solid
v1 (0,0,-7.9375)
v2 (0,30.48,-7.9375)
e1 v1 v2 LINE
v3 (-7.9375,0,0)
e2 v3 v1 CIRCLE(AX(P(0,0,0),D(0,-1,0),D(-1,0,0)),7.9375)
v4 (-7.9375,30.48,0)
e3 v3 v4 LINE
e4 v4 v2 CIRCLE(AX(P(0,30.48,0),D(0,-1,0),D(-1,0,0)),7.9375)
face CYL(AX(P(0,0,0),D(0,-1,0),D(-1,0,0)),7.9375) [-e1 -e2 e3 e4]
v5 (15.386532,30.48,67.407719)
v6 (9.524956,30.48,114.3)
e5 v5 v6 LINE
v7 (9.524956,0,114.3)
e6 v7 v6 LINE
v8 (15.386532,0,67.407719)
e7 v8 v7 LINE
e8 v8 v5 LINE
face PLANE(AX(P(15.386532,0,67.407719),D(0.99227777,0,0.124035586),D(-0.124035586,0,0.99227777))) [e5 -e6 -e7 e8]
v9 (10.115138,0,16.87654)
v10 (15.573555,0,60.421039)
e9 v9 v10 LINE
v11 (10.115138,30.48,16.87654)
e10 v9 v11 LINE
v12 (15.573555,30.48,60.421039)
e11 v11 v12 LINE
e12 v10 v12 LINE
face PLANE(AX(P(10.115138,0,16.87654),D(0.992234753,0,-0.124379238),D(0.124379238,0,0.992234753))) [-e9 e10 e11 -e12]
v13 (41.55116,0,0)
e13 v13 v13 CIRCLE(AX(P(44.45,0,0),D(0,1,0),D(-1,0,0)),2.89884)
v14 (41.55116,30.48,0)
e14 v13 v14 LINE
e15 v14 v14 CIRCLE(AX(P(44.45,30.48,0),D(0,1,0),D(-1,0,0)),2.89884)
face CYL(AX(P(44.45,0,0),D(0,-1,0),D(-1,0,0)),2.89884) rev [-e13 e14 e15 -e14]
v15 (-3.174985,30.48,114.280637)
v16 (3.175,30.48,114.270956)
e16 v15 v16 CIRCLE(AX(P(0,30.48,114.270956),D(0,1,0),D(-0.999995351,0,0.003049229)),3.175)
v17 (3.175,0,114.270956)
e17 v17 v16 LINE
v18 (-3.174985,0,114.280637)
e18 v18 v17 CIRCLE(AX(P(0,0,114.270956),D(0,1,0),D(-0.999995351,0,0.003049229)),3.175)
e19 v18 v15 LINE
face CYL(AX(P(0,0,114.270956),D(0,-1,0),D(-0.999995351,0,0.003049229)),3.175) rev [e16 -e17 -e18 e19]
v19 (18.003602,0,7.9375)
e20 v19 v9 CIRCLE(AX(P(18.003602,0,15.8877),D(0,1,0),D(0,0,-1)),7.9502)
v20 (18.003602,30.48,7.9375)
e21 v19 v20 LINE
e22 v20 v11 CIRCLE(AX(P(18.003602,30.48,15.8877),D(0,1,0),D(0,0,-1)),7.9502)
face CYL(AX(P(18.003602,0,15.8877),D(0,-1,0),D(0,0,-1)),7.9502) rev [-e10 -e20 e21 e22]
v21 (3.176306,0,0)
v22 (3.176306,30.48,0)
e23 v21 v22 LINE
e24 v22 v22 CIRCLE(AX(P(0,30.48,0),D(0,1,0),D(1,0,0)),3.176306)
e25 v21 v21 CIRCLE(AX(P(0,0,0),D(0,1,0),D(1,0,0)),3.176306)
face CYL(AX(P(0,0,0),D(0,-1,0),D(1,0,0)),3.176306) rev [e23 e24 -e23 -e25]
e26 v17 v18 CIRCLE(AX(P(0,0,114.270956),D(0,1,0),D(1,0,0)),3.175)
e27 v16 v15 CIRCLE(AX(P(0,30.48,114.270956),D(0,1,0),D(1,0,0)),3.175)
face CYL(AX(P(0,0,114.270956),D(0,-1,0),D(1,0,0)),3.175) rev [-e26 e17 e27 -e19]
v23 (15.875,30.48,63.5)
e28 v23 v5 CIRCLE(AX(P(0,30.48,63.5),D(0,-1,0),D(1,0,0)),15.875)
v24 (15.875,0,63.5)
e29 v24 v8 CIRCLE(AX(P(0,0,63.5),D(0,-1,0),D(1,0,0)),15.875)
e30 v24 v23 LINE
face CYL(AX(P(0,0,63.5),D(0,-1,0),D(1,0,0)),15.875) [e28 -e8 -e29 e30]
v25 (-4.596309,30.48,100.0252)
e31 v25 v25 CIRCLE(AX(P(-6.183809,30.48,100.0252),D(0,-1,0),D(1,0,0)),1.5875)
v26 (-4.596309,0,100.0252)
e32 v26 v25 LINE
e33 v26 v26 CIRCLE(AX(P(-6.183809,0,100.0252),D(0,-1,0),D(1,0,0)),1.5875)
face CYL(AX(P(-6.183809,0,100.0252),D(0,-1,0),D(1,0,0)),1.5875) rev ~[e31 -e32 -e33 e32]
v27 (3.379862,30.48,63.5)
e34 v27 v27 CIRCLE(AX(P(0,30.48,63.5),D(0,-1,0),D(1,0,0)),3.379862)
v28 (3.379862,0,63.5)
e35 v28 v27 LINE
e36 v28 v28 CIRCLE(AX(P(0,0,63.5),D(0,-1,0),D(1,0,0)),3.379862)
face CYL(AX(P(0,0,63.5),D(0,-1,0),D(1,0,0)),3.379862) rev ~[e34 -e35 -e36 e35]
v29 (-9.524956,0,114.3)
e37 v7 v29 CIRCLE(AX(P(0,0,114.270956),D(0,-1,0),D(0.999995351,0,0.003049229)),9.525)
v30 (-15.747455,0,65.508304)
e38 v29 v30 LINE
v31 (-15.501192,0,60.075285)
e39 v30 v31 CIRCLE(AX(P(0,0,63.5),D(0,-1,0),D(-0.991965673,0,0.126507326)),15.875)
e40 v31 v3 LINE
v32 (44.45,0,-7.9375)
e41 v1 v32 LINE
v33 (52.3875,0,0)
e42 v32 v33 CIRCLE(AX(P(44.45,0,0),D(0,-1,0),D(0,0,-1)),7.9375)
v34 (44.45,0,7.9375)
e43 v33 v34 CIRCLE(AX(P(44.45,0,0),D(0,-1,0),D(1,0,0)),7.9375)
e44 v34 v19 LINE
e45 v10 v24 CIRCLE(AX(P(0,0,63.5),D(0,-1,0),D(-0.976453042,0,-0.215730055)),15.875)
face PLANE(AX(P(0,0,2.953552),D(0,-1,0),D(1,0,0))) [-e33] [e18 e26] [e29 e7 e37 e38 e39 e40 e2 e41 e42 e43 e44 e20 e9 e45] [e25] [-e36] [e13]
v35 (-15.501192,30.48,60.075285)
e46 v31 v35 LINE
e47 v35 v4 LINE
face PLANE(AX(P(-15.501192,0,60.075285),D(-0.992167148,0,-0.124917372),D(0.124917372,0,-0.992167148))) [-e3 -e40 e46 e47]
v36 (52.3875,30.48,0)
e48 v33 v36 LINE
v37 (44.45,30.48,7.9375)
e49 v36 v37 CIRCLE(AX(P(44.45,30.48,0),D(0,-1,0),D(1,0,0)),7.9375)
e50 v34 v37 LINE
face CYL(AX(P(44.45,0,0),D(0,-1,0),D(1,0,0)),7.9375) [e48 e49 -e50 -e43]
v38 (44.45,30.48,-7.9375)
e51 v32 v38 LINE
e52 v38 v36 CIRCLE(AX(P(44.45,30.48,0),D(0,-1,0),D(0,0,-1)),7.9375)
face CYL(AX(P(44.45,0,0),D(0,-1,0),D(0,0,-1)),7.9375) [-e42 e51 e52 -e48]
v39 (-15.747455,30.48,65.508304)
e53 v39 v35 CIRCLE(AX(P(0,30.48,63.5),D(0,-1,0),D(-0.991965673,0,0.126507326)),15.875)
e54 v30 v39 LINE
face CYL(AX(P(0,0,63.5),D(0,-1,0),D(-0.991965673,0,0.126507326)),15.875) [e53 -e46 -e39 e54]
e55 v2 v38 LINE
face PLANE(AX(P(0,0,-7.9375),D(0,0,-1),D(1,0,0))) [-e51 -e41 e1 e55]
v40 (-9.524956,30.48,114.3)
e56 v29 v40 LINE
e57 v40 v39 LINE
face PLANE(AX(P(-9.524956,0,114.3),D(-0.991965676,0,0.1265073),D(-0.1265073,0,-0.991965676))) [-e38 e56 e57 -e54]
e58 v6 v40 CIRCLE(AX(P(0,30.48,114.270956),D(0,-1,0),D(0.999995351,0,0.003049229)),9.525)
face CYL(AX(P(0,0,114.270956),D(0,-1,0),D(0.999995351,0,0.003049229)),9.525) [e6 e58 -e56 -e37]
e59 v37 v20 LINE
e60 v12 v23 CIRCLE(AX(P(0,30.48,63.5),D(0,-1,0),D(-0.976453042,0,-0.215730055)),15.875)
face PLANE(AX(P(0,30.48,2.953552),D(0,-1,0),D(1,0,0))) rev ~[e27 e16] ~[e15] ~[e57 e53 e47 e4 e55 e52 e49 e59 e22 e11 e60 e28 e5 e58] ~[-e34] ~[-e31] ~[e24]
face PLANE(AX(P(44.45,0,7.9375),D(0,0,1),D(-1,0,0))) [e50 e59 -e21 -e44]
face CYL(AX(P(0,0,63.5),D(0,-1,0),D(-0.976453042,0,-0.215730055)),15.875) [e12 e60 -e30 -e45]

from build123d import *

# Parameters (mm, degrees)
F0_R     = 3.3798618289
F0_R_2   = 1.5875
F1_DEPTH = 30.48


with BuildPart() as f1:
    # F0 (on Front) → F1 (new body)
    with BuildSketch(Plane.XZ):
        with BuildLine():
            ThreePointArc((-3.1763056217, 0), (0, 3.1763056217), (3.1763056217, 0))
            Line((3.1763056217, 0), (7.9375, 0))
            ThreePointArc((7.9375, 0), (0, 7.9375), (-7.9375, 0))
            Line((-7.9375, 0), (-3.1763056217, 0))
        make_face()
        with BuildLine():
            Line((7.9375, 0), (3.1763056217, 0))
            ThreePointArc((3.1763056217, 0), (0, -3.1763056217), (-3.1763056217, 0))
            Line((-3.1763056217, 0), (-7.9375, 0))
            ThreePointArc((-7.9375, 0), (-5.6126600757, -5.6126600757), (0, -7.9375))
            ThreePointArc((0, -7.9375), (5.6126600757, -5.6126600757), (7.9375, 0))
        make_face()
        with BuildLine():
            ThreePointArc((-7.9375, 0), (0, 7.9375), (7.9375, 0))
            Line((7.9375, 0), (36.5125, 0))
            ThreePointArc((36.5125, 0), (38.8373399243, 5.6126600757), (44.45, 7.9375))
            Line((44.45, 7.9375), (18.003602441, 7.9375))
            ThreePointArc((18.003602441, 7.9375), (12.0425977283, 10.6272719893), (10.1151377075, 16.876539819))
            Line((10.1151377075, 16.876539819), (15.5735553324, 60.4210392487))
            ThreePointArc((15.5735553324, 60.4210392487), (0.1766226081, 47.6259825673), (-15.5011920437, 60.0752853808))
            Line((-15.5011920437, 60.0752853808), (-7.9375, 0))
        make_face()
        with BuildLine():
            Line((36.5125, 0), (7.9375, 0))
            ThreePointArc((7.9375, 0), (5.6126600757, -5.6126600757), (0, -7.9375))
            Line((0, -7.9375), (44.45, -7.9375))
            ThreePointArc((44.45, -7.9375), (38.8373399243, -5.6126600757), (36.5125, 0))
        make_face()
        with BuildLine():
            ThreePointArc((44.45, 7.9375), (38.8373399243, 5.6126600757), (36.5125, 0))
            ThreePointArc((36.5125, 0), (38.8373399243, -5.6126600757), (44.45, -7.9375))
            ThreePointArc((44.45, -7.9375), (50.0626600757, -5.6126600757), (52.3875, 0))
            ThreePointArc((52.3875, 0), (50.0626600757, 5.6126600757), (44.45, 7.9375))
        make_face()
        with BuildLine():
            ThreePointArc((47.3488403966, 0), (44.45, -2.8988403966), (41.5511596034, 0))
            ThreePointArc((41.5511596034, 0), (44.45, 2.8988403966), (47.3488403966, 0))
        make_face(mode=Mode.SUBTRACT)
        with BuildLine():
            ThreePointArc((-15.7474550599, 65.5083037958), (-15.8587171211, 62.7811702055), (-15.5011920437, 60.0752853808))
            ThreePointArc((-15.5011920437, 60.0752853808), (0.1766226081, 47.6259825673), (15.5735553324, 60.4210392487))
            ThreePointArc((15.5735553324, 60.4210392487), (15.7994591031, 61.9531590098), (15.875, 63.5))
            Line((15.875, 63.5), (15.3865317539, 67.407718719))
            ThreePointArc((15.3865317539, 67.407718719), (-0.9667009211, 79.3455392565), (-15.7474550599, 65.5083037958))
        make_face()
        with Locations((0, 63.5)):
            Circle(F0_R, mode=Mode.SUBTRACT)
        with BuildLine():
            Line((-9.5249557191, 114.3), (-15.7474550599, 65.5083037958))
            ThreePointArc((-15.7474550599, 65.5083037958), (-0.9667009211, 79.3455392565), (15.3865317539, 67.407718719))
            Line((15.3865317539, 67.407718719), (9.5249557191, 114.3))
            ThreePointArc((9.5249557191, 114.3), (9.5249889298, 114.2854780636), (9.525, 114.2709560934))
            ThreePointArc((9.525, 114.2709560934), (-0.0145219702, 104.7459671636), (-9.5249557191, 114.3))
        make_face()
        with Locations((-6.1838091351, 100.0252)):
            Circle(F0_R_2, mode=Mode.SUBTRACT)
        with BuildLine():
            Line((15.3865317539, 67.407718719), (15.875, 63.5))
            ThreePointArc((15.875, 63.5), (15.7524096029, 65.4690649313), (15.3865317539, 67.407718719))
        make_face()
        with BuildLine():
            ThreePointArc((9.5249557191, 114.3), (0, 123.7959560934), (-9.5249557191, 114.3))
            ThreePointArc((-9.5249557191, 114.3), (-0.0145219702, 104.7459671636), (9.525, 114.2709560934))
            ThreePointArc((9.525, 114.2709560934), (9.5249889298, 114.2854780636), (9.5249557191, 114.3))
        make_face()
        with BuildLine():
            ThreePointArc((3.175, 114.2709560934), (-0.0048406567, 111.0959597835), (-3.1749852397, 114.2806373956))
            ThreePointArc((-3.1749852397, 114.2806373956), (0.0048406567, 117.4459524033), (3.175, 114.2709560934))
        make_face(mode=Mode.SUBTRACT)
    extrude(amount=-F1_DEPTH)


solid = f1.part
